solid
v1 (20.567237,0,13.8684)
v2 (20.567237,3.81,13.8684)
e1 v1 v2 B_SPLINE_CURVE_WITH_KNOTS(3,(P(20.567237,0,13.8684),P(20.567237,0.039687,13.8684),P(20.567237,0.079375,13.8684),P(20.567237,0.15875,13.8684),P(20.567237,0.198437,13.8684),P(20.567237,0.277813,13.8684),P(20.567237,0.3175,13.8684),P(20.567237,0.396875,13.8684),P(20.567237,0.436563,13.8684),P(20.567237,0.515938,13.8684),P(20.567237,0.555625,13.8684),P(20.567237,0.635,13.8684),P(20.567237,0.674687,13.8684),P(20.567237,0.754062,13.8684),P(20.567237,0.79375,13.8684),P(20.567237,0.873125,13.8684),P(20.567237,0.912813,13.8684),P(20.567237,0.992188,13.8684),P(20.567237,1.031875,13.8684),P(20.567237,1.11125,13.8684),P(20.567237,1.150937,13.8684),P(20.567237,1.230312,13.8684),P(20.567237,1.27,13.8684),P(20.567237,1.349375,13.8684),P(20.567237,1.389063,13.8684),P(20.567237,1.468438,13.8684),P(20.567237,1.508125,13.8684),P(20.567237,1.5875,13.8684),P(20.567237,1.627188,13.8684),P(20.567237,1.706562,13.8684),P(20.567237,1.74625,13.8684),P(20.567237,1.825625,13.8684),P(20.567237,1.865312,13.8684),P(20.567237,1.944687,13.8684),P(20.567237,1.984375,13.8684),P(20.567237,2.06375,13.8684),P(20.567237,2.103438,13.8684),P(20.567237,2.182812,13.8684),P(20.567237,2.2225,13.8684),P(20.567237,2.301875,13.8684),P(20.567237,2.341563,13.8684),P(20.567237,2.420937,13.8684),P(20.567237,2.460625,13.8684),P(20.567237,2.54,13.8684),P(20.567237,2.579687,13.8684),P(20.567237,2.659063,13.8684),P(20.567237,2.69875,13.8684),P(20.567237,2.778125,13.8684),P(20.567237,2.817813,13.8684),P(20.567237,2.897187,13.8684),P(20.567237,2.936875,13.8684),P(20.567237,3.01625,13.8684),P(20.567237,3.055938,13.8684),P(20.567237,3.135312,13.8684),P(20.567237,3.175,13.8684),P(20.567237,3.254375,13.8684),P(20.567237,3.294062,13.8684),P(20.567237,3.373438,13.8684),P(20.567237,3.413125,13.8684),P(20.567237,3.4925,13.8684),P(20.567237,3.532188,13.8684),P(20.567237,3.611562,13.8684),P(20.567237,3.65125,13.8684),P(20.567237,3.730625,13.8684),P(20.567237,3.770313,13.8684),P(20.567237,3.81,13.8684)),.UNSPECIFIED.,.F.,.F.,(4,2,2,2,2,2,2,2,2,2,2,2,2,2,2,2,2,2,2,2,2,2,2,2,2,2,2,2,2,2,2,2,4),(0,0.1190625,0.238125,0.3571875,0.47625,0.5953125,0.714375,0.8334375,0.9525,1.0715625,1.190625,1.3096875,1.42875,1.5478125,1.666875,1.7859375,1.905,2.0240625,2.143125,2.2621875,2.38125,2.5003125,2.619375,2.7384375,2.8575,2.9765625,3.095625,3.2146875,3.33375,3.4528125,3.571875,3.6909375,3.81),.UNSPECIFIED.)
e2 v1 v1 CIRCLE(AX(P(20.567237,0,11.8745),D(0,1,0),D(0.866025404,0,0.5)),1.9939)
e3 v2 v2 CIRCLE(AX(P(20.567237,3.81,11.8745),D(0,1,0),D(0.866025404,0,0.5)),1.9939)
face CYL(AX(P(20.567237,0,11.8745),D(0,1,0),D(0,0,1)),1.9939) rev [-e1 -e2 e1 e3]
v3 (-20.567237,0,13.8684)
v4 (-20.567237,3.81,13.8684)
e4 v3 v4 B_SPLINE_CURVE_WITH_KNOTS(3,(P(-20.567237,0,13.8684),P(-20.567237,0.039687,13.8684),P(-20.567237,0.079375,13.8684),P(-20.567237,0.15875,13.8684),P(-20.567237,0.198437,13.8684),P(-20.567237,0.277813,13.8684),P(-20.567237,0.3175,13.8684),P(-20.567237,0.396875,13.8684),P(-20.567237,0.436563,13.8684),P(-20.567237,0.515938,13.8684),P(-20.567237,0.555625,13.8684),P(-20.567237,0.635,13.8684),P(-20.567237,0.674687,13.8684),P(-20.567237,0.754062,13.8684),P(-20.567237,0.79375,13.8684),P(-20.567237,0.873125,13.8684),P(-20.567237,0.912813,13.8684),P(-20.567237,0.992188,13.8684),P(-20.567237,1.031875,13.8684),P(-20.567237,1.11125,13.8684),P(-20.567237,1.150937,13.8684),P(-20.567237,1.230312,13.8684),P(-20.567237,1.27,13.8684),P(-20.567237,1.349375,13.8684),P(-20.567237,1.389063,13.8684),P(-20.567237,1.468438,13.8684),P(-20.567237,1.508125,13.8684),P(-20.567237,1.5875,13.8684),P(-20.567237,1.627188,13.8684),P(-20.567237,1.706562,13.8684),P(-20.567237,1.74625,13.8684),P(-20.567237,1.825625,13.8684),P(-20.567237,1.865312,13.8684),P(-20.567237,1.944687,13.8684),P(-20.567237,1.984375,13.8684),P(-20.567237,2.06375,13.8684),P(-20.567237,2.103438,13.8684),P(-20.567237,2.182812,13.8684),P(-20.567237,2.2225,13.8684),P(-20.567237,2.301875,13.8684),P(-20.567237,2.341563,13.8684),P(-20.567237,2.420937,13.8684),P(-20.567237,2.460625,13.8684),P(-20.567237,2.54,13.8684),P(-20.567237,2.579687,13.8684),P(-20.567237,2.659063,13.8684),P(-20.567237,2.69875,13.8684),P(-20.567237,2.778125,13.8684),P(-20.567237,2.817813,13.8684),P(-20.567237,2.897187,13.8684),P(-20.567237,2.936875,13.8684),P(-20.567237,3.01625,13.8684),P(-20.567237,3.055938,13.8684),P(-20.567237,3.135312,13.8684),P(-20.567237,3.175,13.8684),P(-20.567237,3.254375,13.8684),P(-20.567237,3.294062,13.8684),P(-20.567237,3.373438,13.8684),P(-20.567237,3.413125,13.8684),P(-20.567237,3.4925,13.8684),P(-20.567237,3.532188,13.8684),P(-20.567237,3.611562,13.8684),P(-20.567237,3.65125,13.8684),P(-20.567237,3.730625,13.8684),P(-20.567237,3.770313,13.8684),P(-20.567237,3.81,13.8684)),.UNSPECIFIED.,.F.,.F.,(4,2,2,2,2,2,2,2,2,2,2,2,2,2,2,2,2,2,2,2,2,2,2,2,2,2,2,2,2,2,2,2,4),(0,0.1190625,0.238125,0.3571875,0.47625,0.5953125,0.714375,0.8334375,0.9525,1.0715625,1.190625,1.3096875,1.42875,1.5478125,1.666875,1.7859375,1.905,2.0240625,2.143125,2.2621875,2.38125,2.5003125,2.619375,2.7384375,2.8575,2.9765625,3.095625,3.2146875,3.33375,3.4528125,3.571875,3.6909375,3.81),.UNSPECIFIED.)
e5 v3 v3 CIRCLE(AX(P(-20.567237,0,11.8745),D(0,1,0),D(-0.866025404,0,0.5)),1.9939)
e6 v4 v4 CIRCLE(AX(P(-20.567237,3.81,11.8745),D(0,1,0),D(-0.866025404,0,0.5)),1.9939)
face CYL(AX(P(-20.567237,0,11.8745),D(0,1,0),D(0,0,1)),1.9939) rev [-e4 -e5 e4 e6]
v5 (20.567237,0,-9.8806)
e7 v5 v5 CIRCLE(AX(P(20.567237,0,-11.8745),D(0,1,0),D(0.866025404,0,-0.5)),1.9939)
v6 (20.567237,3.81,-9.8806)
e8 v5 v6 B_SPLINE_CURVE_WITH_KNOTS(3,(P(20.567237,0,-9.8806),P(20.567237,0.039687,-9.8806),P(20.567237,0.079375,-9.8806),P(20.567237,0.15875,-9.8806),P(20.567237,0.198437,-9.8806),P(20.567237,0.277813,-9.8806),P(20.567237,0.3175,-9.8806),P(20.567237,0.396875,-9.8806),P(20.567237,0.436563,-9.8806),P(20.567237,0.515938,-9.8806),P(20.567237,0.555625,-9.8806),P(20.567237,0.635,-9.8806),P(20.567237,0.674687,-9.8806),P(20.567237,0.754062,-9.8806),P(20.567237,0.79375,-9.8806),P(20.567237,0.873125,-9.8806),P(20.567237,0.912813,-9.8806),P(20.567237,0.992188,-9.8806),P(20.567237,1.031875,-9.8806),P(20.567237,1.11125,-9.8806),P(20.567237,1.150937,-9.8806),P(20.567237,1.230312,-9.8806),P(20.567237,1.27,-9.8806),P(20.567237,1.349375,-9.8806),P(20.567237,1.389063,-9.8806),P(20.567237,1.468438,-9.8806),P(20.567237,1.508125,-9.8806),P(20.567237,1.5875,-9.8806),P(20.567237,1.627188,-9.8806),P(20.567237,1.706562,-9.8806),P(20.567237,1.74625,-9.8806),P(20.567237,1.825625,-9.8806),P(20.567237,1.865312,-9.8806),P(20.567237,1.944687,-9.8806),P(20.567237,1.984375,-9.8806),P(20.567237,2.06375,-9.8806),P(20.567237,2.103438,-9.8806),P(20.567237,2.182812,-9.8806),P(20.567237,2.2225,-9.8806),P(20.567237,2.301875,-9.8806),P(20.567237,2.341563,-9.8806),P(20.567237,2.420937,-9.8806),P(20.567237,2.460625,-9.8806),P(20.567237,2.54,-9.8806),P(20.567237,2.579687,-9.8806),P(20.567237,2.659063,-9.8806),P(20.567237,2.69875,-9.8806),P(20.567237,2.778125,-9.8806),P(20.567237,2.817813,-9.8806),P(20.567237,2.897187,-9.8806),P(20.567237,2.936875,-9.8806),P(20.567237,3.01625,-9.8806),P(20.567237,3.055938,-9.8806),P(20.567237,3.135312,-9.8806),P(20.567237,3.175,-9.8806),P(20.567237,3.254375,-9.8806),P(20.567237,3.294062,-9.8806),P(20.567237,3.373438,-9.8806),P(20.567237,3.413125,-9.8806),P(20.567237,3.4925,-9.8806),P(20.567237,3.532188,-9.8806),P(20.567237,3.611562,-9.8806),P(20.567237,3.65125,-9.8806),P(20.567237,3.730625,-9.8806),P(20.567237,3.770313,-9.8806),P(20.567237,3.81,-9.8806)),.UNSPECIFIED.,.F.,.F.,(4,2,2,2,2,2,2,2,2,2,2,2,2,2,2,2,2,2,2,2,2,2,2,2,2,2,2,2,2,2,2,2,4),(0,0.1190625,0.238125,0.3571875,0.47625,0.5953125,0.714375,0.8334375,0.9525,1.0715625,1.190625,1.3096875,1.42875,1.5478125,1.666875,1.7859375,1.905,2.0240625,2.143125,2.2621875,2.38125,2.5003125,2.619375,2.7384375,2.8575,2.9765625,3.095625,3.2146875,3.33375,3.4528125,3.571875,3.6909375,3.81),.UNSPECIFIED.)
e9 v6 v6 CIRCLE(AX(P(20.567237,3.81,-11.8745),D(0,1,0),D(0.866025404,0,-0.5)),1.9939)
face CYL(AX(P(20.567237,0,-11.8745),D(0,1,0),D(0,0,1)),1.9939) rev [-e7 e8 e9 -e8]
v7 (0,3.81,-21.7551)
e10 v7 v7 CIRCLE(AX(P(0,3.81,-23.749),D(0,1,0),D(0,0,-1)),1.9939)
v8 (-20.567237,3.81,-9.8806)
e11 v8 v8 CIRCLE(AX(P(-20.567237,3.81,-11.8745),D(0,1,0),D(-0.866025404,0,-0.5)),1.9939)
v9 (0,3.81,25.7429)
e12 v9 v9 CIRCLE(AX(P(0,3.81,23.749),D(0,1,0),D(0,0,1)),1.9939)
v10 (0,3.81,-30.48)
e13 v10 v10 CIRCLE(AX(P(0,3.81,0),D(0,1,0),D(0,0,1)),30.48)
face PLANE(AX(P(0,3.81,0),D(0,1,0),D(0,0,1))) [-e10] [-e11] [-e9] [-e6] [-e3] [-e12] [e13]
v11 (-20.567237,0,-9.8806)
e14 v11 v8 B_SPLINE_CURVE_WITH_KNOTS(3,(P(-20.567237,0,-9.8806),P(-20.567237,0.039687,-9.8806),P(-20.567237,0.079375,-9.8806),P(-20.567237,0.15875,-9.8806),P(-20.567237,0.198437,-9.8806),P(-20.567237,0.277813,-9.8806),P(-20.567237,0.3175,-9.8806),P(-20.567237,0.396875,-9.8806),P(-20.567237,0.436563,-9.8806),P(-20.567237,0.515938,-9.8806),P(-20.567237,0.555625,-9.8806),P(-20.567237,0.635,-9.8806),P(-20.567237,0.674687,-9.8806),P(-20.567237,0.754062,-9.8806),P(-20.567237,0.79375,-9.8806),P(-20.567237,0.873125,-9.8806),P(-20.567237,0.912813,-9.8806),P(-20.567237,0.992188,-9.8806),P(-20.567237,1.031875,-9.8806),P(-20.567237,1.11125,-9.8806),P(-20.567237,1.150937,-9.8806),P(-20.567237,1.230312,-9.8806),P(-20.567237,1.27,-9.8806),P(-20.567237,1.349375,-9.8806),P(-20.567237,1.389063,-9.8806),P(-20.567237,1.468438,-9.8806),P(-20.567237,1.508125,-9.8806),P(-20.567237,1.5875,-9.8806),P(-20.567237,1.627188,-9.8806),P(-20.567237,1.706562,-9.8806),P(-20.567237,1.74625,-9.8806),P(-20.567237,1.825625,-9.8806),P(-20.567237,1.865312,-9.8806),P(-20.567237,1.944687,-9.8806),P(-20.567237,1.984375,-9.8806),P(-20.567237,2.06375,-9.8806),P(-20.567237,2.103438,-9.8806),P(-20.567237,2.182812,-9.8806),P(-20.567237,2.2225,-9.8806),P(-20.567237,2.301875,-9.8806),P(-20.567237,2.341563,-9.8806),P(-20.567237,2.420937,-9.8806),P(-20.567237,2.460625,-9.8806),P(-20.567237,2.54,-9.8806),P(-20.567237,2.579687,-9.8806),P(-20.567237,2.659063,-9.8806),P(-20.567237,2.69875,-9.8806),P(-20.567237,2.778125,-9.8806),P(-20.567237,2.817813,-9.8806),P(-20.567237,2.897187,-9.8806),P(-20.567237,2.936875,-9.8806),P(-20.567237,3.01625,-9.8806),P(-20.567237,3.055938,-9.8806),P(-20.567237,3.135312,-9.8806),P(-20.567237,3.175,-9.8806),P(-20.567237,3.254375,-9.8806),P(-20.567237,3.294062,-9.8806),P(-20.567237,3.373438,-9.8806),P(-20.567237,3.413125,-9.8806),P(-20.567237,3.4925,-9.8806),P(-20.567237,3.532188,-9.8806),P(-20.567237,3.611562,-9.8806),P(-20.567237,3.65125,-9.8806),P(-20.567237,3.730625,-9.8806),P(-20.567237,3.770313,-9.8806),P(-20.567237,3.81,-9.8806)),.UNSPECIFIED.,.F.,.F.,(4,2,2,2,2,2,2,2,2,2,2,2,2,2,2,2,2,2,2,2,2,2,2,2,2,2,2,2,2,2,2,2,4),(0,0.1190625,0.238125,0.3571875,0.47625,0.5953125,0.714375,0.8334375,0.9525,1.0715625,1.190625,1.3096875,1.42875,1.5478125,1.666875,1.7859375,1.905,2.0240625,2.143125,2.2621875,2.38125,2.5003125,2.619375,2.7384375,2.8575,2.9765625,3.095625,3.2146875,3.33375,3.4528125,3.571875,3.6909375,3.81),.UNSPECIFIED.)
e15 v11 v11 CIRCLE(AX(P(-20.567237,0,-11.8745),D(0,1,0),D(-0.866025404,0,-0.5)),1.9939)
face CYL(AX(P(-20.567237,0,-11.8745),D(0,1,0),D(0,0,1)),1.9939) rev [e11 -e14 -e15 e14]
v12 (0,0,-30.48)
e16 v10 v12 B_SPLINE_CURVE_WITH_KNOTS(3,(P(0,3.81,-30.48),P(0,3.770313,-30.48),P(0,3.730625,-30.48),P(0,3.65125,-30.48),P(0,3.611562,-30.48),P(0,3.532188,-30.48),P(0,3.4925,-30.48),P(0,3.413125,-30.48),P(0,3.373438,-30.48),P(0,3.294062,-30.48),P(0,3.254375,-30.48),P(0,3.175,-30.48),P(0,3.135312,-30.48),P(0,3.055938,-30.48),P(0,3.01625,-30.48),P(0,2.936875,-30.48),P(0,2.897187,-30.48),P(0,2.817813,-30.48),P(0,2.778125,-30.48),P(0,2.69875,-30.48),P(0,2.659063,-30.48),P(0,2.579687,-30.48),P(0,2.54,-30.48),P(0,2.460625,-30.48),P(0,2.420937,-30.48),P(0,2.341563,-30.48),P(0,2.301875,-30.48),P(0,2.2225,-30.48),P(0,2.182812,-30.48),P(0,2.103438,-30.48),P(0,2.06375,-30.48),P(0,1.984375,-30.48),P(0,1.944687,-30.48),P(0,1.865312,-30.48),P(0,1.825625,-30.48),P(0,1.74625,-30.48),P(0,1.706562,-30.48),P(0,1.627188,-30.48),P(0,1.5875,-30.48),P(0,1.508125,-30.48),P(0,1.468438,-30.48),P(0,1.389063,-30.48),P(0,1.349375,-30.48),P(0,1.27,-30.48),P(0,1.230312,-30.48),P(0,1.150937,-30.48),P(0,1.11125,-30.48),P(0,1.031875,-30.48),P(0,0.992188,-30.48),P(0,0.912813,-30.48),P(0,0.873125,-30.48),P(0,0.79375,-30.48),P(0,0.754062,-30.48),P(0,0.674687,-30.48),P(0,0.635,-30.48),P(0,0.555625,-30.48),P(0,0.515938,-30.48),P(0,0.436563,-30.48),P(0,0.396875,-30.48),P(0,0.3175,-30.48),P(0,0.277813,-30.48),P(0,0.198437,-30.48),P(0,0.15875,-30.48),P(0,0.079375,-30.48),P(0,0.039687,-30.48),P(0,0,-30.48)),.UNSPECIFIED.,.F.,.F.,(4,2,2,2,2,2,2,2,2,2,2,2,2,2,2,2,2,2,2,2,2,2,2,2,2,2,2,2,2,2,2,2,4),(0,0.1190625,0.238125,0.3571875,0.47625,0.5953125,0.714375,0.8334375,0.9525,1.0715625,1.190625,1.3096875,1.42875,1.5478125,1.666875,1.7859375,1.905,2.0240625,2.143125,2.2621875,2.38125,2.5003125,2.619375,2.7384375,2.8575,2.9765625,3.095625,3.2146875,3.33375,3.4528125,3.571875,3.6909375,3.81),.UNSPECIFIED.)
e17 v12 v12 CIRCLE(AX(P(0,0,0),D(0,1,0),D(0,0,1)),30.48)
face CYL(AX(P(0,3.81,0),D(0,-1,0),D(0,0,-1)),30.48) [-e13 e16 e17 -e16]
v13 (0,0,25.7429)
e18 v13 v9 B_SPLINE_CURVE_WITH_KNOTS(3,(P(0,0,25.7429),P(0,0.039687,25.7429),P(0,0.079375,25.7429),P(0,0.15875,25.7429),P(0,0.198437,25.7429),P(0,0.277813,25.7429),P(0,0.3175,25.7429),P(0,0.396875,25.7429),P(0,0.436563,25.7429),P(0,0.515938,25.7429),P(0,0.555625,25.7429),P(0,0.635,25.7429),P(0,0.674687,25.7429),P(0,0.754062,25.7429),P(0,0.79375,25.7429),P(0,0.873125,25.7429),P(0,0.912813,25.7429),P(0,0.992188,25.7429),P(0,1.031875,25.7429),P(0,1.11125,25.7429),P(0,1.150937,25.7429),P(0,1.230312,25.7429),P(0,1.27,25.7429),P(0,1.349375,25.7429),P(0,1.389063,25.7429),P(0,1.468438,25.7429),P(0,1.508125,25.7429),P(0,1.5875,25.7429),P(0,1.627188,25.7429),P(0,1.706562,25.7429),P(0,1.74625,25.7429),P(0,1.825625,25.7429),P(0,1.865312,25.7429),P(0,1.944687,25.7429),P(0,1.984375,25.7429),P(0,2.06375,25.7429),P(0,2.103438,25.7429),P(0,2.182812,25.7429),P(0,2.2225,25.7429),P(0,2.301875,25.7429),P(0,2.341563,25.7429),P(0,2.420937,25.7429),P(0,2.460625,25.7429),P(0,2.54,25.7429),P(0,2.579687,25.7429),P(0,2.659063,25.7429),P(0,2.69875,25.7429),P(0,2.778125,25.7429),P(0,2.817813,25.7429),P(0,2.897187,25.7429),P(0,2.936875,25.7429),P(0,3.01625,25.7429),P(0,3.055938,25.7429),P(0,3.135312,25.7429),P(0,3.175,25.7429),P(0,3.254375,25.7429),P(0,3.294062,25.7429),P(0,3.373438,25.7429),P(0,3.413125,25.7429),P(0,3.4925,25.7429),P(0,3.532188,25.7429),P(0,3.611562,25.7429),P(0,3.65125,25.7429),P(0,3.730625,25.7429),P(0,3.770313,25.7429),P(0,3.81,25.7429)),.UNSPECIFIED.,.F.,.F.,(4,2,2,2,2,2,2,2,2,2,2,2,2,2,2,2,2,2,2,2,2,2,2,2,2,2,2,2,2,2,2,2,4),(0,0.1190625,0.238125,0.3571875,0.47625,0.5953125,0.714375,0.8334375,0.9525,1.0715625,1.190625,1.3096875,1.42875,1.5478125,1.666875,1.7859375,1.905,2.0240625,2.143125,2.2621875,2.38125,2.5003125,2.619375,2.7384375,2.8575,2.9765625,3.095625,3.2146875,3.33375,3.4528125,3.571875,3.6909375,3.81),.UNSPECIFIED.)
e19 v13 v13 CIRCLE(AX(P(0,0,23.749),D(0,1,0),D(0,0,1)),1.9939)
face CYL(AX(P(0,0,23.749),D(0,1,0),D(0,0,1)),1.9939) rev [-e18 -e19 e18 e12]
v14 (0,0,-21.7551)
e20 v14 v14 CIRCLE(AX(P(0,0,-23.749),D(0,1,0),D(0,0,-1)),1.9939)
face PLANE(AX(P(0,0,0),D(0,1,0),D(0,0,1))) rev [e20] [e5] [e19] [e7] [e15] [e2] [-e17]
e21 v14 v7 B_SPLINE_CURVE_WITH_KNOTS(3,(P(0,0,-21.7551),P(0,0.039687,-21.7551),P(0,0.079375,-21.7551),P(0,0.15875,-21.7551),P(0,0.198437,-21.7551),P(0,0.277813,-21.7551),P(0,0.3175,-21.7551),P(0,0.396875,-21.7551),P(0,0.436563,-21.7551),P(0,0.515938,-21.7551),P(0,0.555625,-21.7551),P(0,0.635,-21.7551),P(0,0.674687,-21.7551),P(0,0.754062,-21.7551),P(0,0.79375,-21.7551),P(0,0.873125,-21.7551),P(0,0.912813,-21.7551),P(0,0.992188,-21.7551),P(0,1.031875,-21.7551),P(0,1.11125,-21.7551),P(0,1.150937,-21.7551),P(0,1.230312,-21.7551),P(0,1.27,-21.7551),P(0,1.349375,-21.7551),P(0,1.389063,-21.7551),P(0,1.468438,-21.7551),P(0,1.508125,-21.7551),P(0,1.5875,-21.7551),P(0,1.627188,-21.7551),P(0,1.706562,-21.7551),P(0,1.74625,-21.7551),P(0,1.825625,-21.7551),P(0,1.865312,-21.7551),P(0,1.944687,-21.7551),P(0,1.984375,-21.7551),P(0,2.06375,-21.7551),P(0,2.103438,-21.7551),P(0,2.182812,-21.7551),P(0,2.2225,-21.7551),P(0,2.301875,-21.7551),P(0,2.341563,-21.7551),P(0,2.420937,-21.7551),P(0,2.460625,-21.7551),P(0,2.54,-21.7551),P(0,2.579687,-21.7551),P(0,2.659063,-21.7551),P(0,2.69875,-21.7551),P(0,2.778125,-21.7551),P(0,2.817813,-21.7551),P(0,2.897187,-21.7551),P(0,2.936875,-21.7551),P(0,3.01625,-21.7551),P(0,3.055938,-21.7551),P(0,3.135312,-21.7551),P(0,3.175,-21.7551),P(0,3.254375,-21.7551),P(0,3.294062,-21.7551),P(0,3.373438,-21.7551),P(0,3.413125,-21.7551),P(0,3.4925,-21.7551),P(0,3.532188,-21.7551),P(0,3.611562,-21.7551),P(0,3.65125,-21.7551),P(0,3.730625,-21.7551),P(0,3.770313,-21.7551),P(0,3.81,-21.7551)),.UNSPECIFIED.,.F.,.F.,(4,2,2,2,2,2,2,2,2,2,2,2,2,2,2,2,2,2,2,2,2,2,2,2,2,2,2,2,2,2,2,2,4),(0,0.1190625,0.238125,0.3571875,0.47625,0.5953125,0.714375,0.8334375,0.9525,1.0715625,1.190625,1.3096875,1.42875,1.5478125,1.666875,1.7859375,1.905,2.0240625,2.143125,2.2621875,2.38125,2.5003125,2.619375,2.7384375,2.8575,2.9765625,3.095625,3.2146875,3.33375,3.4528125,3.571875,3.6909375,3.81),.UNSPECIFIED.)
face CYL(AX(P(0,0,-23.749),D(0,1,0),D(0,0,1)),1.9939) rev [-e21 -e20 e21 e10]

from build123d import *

# Parameters (mm, degrees)
SKETCH1_R           = 30.48
BOSS_EXTRUDE1_DEPTH = 3.81
SKETCH2_R           = 1.9939
CUT_EXTRUDE1_DEPTH  = 44.273281595
CIRPATTERN1_COUNT   = 6


with BuildPart() as part:
    # Sketch1 → Boss-Extrude1 (new body)
    with BuildSketch(Plane(origin=(0, 0, 0), x_dir=(1, 0, 0), z_dir=(0, 1, 0))):
        with Locations(Location((0, 0, 0), (0, 0, 90))):
            Circle(SKETCH1_R)
    extrude(amount=BOSS_EXTRUDE1_DEPTH)

    # Sketch2 → Cut-Extrude1 (cut, through all)
    with BuildSketch(Plane(origin=(0, 3.81, 0), x_dir=(1, 0, 0), z_dir=(0, 1, 0))):
        with Locations(Location((0, -23.749, 0), (0, 0, 270))):
            Circle(SKETCH2_R)
    cut_extrude1 = extrude(amount=-CUT_EXTRUDE1_DEPTH, mode=Mode.SUBTRACT)

    # CirPattern1: Cut-Extrude1 ×6 about axis
    cirpattern1_axis = Axis((0, 0, 0), (0, 1, 0))
    for i in range(1, CIRPATTERN1_COUNT):
        add(cut_extrude1.rotate(cirpattern1_axis, i * 360 / CIRPATTERN1_COUNT), mode=Mode.SUBTRACT)


solid = part.part
